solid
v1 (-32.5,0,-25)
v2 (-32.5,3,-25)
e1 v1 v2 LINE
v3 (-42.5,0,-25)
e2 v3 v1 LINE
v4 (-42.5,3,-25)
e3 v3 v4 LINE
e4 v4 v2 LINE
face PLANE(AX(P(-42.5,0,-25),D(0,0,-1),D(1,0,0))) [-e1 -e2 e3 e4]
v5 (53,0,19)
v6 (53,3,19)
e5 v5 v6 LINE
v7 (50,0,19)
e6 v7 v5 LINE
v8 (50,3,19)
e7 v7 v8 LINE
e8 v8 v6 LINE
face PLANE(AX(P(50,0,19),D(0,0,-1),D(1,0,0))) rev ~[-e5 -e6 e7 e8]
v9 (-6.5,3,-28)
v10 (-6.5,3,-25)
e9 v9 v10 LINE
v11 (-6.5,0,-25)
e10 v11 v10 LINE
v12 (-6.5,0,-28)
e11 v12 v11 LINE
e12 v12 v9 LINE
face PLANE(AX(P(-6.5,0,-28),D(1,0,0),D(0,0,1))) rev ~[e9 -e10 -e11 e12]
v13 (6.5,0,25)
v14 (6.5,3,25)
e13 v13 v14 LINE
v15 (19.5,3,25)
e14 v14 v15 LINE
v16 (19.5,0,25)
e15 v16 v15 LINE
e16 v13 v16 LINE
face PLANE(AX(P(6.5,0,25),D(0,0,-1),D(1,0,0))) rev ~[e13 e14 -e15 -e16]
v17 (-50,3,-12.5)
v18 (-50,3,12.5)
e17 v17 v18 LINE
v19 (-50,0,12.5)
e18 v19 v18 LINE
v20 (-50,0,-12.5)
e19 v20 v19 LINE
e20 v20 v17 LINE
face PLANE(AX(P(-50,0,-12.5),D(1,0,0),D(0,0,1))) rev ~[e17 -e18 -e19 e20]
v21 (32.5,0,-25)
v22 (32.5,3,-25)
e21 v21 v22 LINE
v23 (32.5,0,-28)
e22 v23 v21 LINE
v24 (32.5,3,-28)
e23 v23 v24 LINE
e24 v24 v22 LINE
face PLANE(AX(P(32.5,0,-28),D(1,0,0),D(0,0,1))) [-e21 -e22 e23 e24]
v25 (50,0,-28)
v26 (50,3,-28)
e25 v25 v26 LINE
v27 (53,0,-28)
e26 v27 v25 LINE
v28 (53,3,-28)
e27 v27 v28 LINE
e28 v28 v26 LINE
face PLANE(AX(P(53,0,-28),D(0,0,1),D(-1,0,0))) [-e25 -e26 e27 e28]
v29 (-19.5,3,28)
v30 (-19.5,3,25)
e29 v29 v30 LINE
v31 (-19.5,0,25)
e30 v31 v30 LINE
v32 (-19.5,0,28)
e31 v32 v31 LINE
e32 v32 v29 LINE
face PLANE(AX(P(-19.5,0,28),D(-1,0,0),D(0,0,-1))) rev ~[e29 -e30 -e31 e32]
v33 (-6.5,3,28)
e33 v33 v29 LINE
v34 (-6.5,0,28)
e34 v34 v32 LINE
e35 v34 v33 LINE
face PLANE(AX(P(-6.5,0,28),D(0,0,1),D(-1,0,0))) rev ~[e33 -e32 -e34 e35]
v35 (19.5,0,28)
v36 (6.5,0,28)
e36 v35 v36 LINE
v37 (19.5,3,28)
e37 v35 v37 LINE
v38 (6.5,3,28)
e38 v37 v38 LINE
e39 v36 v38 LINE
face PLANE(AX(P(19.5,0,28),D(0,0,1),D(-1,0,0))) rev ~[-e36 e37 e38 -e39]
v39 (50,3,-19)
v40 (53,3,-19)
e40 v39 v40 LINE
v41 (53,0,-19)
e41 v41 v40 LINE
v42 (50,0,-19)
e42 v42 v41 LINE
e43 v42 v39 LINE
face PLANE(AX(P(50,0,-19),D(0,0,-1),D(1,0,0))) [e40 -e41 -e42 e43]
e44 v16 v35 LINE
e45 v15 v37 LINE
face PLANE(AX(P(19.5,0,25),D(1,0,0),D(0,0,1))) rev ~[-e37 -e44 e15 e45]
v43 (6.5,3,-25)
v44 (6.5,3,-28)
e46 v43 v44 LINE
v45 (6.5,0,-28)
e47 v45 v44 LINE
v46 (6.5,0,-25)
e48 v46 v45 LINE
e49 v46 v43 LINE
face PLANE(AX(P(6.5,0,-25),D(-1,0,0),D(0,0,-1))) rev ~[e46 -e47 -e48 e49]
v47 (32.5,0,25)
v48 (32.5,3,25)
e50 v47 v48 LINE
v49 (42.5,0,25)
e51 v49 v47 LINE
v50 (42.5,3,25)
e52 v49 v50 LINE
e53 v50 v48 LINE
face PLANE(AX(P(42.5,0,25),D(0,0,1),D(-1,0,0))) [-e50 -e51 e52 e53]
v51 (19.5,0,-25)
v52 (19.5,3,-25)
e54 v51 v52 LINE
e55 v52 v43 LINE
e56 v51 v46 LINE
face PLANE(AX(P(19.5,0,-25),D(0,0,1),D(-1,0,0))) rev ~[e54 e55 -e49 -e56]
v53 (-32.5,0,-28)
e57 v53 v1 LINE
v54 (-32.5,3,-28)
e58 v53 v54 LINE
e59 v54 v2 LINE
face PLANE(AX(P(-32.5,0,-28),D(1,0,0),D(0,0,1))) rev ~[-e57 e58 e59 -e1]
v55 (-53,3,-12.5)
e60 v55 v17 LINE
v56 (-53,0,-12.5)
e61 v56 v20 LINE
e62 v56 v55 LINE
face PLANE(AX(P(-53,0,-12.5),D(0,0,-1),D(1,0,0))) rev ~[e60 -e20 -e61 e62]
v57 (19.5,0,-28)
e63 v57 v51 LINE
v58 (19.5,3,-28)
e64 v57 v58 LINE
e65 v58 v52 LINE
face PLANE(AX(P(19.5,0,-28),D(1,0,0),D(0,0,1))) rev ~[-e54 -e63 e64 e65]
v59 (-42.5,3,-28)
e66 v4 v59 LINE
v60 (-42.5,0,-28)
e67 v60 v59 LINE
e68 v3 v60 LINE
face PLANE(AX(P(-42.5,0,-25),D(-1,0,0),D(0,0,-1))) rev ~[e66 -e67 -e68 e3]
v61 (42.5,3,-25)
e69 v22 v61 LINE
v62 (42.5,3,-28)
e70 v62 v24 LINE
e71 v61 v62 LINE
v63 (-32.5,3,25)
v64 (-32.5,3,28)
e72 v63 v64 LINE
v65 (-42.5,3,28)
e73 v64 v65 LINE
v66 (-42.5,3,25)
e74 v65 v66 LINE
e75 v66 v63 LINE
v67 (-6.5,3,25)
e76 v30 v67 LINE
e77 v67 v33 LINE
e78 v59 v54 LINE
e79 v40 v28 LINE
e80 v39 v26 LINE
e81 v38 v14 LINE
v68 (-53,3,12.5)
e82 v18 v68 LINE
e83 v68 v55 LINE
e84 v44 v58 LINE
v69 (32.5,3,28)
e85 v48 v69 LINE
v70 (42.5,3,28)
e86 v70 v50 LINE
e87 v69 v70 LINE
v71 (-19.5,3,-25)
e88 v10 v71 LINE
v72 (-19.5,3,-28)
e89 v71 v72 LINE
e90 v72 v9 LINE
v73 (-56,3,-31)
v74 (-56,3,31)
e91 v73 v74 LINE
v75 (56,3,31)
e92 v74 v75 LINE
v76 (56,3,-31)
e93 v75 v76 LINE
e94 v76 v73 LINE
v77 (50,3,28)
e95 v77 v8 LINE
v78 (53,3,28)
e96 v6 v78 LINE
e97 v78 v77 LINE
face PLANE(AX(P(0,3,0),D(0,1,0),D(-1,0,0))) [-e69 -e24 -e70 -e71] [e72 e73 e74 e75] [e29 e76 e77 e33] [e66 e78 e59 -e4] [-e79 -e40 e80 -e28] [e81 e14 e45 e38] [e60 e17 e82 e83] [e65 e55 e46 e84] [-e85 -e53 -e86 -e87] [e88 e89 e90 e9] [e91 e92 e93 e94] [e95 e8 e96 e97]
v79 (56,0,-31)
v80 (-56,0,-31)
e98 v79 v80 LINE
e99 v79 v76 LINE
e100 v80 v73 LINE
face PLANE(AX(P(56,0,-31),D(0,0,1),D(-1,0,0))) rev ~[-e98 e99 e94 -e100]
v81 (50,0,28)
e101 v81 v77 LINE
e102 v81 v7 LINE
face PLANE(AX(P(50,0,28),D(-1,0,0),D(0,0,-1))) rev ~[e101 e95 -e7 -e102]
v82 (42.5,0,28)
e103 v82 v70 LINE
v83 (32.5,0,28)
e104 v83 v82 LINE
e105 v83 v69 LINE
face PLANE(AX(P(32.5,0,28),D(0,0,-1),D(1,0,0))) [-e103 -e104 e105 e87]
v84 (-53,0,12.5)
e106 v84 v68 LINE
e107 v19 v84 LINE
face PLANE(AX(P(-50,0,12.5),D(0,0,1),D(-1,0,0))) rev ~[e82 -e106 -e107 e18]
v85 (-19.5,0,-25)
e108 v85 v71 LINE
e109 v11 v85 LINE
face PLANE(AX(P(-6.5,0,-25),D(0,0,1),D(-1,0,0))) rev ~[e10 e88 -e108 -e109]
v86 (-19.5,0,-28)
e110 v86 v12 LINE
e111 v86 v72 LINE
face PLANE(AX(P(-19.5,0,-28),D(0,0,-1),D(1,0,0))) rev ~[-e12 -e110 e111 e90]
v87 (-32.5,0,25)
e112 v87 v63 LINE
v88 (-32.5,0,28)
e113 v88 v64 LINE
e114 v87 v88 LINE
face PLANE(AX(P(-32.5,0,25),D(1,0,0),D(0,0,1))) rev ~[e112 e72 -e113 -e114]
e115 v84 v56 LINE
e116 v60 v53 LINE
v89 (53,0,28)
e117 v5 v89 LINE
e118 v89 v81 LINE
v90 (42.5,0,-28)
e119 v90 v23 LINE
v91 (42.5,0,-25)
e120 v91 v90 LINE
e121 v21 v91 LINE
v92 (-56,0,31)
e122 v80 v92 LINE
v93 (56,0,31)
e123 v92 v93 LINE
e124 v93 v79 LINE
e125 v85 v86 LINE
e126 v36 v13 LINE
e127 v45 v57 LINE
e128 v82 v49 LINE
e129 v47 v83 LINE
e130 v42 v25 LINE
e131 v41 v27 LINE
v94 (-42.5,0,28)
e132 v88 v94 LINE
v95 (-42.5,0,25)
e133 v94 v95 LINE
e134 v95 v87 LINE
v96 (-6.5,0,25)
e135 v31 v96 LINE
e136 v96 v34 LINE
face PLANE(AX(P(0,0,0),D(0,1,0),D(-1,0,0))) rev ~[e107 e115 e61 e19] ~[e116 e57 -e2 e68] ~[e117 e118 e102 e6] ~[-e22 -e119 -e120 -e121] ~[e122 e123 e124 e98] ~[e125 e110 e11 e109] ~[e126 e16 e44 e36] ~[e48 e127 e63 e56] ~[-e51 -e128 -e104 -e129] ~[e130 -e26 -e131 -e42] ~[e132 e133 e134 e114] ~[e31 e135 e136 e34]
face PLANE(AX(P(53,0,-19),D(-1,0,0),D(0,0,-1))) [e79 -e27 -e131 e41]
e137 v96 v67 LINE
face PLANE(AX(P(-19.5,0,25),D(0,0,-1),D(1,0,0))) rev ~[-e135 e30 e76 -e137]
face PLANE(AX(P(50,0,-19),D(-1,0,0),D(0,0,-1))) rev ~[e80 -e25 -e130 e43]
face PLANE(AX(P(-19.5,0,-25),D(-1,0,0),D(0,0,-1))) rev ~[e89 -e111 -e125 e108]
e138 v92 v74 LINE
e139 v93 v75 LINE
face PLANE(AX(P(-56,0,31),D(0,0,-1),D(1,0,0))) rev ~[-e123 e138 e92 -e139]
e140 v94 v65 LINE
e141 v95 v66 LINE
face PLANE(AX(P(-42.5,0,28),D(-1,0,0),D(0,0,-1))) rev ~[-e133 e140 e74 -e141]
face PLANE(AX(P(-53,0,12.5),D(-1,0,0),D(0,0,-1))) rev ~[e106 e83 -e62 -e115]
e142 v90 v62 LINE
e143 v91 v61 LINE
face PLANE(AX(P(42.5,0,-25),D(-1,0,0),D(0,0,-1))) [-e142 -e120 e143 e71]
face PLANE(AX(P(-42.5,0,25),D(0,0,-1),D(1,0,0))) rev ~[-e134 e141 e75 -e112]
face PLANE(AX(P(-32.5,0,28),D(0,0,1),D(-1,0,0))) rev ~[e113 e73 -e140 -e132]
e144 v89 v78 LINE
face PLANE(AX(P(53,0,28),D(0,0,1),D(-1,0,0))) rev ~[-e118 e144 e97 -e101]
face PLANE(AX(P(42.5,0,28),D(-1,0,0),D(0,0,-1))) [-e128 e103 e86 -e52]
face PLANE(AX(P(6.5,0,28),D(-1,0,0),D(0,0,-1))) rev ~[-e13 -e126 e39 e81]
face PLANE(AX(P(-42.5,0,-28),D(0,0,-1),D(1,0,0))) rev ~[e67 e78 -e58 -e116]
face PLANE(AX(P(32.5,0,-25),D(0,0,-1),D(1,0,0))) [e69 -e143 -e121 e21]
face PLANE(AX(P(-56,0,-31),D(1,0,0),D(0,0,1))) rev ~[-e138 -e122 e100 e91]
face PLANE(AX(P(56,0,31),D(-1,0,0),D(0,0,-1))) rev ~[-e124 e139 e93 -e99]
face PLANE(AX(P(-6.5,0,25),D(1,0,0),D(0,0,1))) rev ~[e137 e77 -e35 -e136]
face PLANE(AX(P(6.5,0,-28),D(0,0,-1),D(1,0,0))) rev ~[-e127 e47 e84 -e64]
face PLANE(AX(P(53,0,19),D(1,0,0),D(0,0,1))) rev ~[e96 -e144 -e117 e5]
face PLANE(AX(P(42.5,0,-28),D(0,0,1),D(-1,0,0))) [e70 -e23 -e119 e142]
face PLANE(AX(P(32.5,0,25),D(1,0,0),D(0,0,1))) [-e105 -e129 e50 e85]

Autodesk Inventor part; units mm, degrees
ref_plane "YZ Plane" through (0, 0, 0) normal (1, 0, 0) x (0, 1, 0)
ref_plane "XZ Plane" through (0, 0, 0) normal (0, 1, 0) x (-1, 0, 0)
ref_plane "XY Plane" through (0, 0, 0) normal (0, 0, 1) x (1, 0, 0)
sketch "Boceto1" plane through (0, 0, 0) normal (0, 1, 0) x (-1, 0, 0)
  line L0 (-53, -19) -> (-53, -28)
  line L1 (-50, -19) -> (-50, -28)
  line L2 (32.5, -28) -> (32.5, -25)
  line L3 (42.5, -28) -> (32.5, -28)
  line L4 (42.5, -25) -> (42.5, -28)
  line L5 (50, -12.5) -> (50, 12.5)
  line L6 (53, -12.5) -> (50, -12.5)
  line L7 (53, 12.5) -> (53, -12.5)
  line L8 (50, 12.5) -> (53, 12.5)
  line L9 (-53, 28) -> (-50, 28)
  line L10 (-53, 19) -> (-53, 28)
  line L11 (-50, 19) -> (-53, 19)
  line L12 (-50, 28) -> (-50, 19)
  line L13 (-50, -19) -> (-53, -19)
  line L14 (-53, -28) -> (-50, -28)
  line L15 (-19.5, 28) -> (-6.5, 28)
  line L16 (-19.5, 25) -> (-19.5, 28)
  line L17 (-6.5, 25) -> (-19.5, 25)
  line L18 (-6.5, 28) -> (-6.5, 25)
  line L19 (6.5, 28) -> (19.5, 28)
  line L20 (6.5, 25) -> (6.5, 28)
  line L21 (19.5, 25) -> (6.5, 25)
  line L22 (19.5, 28) -> (19.5, 25)
  line L23 (-6.5, -25) -> (-6.5, -28)
  line L24 (-19.5, -25) -> (-6.5, -25)
  line L25 (-19.5, -28) -> (-19.5, -25)
  line L26 (-6.5, -28) -> (-19.5, -28)
  line L27 (19.5, -25) -> (19.5, -28)
  line L28 (6.5, -25) -> (19.5, -25)
  line L29 (6.5, -28) -> (6.5, -25)
  line L30 (19.5, -28) -> (6.5, -28)
  line L31 (-42.5, 28) -> (-42.5, 25)
  line L32 (-32.5, 28) -> (-42.5, 28)
  line L33 (-32.5, 25) -> (-32.5, 28)
  line L34 (-42.5, 25) -> (-32.5, 25)
  line L35 (42.5, -28) -> (42.5, -25)
  line L36 (32.5, -28) -> (42.5, -28)
  line L37 (32.5, -25) -> (32.5, -28)
  line L38 (42.5, -25) -> (32.5, -25)
  line L39 (42.5, -25) -> (32.5, -25)
  line L40 (42.5, -28) -> (42.5, -25)
  line L41 (32.5, -28) -> (42.5, -28)
  line L42 (32.5, -25) -> (32.5, -28)
  line L43 (42.5, 25) -> (32.5, 25)
  line L44 (42.5, 28) -> (42.5, 25)
  line L45 (32.5, 28) -> (42.5, 28)
  line L46 (32.5, 25) -> (32.5, 28)
  line L47 (-56, 31) -> (-56, -31)
  line L48 (56, 31) -> (-56, 31)
  line L49 (56, -31) -> (56, 31)
  line L50 (-56, -31) -> (56, -31)
  line L51 (-32.5, -28) -> (-32.5, -25)
  line L52 (-42.5, -28) -> (-32.5, -28)
  line L53 (-42.5, -25) -> (-42.5, -28)
  line L54 (-32.5, -25) -> (-42.5, -25)
  point P0 (0, 0)
extrude "Extrusión1" add sketch "Boceto1" along normal blind 3
properties part number "Case_Base1" material "MDF Tablero de fibras de densidad media"
